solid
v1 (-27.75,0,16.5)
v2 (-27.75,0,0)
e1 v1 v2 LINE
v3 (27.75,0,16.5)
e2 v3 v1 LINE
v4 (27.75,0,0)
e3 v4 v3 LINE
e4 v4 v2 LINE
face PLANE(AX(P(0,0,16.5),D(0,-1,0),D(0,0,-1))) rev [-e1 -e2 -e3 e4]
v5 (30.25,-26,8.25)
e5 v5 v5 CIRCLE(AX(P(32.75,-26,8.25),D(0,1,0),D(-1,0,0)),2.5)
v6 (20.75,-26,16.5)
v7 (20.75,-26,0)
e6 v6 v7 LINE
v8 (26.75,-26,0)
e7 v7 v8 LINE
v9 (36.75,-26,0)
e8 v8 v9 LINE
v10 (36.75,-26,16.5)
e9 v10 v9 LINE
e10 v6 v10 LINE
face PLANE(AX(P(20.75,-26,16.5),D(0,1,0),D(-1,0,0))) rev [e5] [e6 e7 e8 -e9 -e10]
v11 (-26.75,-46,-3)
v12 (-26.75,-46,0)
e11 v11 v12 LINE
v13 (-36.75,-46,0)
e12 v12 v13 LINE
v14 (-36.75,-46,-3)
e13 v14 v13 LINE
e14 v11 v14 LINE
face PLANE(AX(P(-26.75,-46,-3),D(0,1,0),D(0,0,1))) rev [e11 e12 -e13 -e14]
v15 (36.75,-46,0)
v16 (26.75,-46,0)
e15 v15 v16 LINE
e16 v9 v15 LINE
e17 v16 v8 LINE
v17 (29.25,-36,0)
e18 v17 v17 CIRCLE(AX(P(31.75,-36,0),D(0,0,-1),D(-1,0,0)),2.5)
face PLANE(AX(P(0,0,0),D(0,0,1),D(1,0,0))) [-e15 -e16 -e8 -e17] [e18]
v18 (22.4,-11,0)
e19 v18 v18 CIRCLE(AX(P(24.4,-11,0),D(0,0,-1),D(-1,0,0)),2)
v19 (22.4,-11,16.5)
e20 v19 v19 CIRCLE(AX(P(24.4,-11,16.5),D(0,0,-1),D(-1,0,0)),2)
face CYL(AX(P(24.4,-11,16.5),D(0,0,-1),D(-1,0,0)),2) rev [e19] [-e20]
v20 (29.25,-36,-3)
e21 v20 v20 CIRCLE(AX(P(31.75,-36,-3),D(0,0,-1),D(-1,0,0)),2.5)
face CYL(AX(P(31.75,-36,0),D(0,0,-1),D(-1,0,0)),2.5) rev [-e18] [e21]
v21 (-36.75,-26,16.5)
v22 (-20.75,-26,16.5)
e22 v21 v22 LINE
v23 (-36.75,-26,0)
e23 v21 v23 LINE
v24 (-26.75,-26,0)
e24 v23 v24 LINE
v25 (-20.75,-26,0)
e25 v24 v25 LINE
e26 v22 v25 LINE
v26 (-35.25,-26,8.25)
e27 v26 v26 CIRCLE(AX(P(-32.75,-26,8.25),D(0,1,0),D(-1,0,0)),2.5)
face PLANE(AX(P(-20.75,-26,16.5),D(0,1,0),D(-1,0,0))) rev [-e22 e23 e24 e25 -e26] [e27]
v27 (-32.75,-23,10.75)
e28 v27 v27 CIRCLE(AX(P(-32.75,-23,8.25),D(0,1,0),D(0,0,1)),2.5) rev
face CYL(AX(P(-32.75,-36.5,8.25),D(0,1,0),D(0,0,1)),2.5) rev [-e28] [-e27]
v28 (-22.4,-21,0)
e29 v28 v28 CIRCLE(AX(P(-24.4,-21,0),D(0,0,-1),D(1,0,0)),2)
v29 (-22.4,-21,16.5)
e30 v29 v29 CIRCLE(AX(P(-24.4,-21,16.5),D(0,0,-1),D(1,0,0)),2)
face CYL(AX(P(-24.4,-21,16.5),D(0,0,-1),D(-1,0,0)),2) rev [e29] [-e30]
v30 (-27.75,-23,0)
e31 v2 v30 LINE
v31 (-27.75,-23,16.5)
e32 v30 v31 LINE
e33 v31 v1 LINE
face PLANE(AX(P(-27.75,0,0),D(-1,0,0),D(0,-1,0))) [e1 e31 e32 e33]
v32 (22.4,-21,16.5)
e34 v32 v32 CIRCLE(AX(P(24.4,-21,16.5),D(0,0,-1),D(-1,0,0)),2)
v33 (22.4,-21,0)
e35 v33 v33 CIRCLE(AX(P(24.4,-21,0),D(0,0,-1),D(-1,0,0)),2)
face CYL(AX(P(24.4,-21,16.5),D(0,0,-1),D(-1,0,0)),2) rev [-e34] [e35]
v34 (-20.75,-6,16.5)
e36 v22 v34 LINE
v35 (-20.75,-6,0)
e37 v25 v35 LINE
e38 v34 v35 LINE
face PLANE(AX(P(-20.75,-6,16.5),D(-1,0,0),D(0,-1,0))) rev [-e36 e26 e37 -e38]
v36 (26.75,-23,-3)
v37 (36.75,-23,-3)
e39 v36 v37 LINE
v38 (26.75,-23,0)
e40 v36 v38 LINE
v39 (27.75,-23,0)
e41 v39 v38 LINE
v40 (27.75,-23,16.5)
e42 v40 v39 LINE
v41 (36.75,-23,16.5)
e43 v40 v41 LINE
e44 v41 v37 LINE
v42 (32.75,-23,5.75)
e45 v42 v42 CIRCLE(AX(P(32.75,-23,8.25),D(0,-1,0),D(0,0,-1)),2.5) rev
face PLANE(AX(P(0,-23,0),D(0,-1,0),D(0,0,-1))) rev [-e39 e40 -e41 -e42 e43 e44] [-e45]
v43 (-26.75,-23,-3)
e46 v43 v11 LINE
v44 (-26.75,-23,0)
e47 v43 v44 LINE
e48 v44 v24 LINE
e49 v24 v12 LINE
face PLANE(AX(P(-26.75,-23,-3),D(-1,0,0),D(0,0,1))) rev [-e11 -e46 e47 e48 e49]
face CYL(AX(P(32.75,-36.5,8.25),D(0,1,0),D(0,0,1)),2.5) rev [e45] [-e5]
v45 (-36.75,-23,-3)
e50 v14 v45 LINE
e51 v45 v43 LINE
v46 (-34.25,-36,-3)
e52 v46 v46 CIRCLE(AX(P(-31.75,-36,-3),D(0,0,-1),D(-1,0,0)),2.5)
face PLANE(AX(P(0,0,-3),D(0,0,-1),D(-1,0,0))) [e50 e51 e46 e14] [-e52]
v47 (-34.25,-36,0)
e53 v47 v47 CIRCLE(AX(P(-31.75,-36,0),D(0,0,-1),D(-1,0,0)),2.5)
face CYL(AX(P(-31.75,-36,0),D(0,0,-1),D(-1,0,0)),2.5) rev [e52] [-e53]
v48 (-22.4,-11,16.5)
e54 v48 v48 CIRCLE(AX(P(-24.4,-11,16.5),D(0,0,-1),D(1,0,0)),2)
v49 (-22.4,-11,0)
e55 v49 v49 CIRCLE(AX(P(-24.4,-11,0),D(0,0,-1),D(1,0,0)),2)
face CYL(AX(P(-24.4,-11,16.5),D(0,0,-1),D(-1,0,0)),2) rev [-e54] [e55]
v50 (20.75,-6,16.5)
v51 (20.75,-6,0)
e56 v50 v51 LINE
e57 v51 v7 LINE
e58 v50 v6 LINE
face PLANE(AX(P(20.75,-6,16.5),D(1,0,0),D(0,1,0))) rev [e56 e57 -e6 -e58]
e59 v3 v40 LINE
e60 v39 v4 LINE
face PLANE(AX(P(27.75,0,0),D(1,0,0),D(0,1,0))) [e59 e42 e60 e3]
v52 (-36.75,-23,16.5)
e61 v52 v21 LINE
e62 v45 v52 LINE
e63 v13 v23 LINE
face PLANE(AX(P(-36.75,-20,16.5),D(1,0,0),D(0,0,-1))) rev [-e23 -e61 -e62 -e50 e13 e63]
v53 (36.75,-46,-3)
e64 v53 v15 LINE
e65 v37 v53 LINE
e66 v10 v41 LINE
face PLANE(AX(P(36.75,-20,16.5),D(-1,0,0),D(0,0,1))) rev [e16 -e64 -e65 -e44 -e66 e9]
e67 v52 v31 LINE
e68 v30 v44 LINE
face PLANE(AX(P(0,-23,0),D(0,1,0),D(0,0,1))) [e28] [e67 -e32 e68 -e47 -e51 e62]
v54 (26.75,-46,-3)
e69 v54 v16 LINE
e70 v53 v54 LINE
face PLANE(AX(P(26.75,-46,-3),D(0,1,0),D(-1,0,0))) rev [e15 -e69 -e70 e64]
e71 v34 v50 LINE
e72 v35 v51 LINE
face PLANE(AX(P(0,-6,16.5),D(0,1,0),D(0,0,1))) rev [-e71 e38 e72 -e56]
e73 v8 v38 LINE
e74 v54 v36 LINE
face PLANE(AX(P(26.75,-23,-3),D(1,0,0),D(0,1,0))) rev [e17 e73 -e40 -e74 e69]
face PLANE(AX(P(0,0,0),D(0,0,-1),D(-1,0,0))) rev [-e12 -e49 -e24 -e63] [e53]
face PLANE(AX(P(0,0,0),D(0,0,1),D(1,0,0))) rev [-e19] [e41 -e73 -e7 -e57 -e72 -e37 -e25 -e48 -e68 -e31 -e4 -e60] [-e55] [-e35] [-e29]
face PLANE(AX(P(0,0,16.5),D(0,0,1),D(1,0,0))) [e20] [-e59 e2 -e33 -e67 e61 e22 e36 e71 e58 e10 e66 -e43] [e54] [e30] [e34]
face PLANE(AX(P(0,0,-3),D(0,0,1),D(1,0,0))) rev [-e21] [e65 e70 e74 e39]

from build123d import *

# Parameters (mm, degrees)
EXTRUDE_1_DEPTH     = 16.5
SKETCH_2_R          = 2.5
CUT_EXTRUDE_1_DEPTH = 16.5
SKETCH_3_W          = 10
SKETCH_3_H          = 16.5
CUT_EXTRUDE_2_DEPTH = 3
SKETCH_5_R          = 2
CUT_EXTRUDE_4_DEPTH = 48.945933091
SKETCH_6_W          = 10
SKETCH_6_H          = 23
EXTRUDE_2_DEPTH     = 3
SKETCH_7_R          = 2.5
CUT_EXTRUDE_5_DEPTH = 3
SKETCH2_W           = 16.5
SKETCH2_H           = 23
BOSS_EXTRUDE1_DEPTH = 1
SKETCH3_W           = 16.5
SKETCH3_H           = 23
BOSS_EXTRUDE2_DEPTH = 1


with BuildPart() as part:
    # 草图1 → 凸台-拉伸1 (new body)
    with BuildSketch(Plane.XY):
        Polygon((0, 0), (26.75, 0), (26.75, -20), (36.75, -20), (36.75, -26), (20.75, -26), (20.75, -6), (0, -6), (-20.75, -6), (-20.75, -26), (-36.75, -26), (-36.75, -20), (-26.75, -20), (-26.75, 0), align=None)
    extrude(amount=EXTRUDE_1_DEPTH)

    # 草图2 → 切除-拉伸1 (cut)
    with BuildSketch(Plane(origin=(0, -20, 0), x_dir=(1, 0, 0), z_dir=(0, 1, 0))):
        with Locations(Location((32.75, -8.25, 0), (0, 0, 270))):
            Circle(SKETCH_2_R)
        with Locations(Location((-32.75, -8.25, 0), (0, 0, 270))):
            Circle(SKETCH_2_R)
    extrude(amount=-CUT_EXTRUDE_1_DEPTH, mode=Mode.SUBTRACT)

    # 草图3 → 切除-拉伸2 (cut)
    with BuildSketch(Plane(origin=(0, -20, 0), x_dir=(1, 0, 0), z_dir=(0, 1, 0))):
        with Locations((31.75, -8.25)):
            Rectangle(SKETCH_3_W, SKETCH_3_H)
        with Locations((-31.75, -8.25)):
            Rectangle(SKETCH_3_W, SKETCH_3_H)
    extrude(amount=-CUT_EXTRUDE_2_DEPTH, mode=Mode.SUBTRACT)

    # 草图5 → 切除-拉伸4 (cut, through all)
    with BuildSketch(Plane(origin=(0, 0, 0), x_dir=(-1, 0, 0), z_dir=(0, 0, -1))):
        with Locations((-24.4, -11)):
            Circle(SKETCH_5_R)
        with Locations((-24.4, -21)):
            Circle(SKETCH_5_R)
        with Locations(Location((24.4, -21, 0), (0, 0, 180))):
            Circle(SKETCH_5_R)
        with Locations(Location((24.4, -11, 0), (0, 0, 180))):
            Circle(SKETCH_5_R)
    extrude(amount=-CUT_EXTRUDE_4_DEPTH, mode=Mode.SUBTRACT)

    # 草图6 → 凸台-拉伸2 (add)
    with BuildSketch(Plane(origin=(0, 0, 0), x_dir=(-1, 0, 0), z_dir=(0, 0, -1))):
        with Locations((-31.75, -34.5)):
            Rectangle(SKETCH_6_W, SKETCH_6_H)
        with Locations((31.75, -34.5)):
            Rectangle(SKETCH_6_W, SKETCH_6_H)
    extrude(amount=EXTRUDE_2_DEPTH)

    # 草图7 → 切除-拉伸5 (cut)
    with BuildSketch(Plane(origin=(0, 0, -3), x_dir=(-1, 0, 0), z_dir=(0, 0, -1))):
        with Locations((-31.75, -36)):
            Circle(SKETCH_7_R)
        with Locations((31.75, -36)):
            Circle(SKETCH_7_R)
    extrude(amount=-CUT_EXTRUDE_5_DEPTH, mode=Mode.SUBTRACT)

    # Sketch2 → Boss-Extrude1 (add)
    with BuildSketch(Plane.ZY.offset(26.75)):
        with Locations((8.25, -11.5)):
            Rectangle(SKETCH2_W, SKETCH2_H)
    extrude(amount=BOSS_EXTRUDE1_DEPTH)

    # Sketch3 → Boss-Extrude2 (add)
    with BuildSketch(Plane(origin=(26.75, 0, 0), x_dir=(0, 0, -1), z_dir=(1, 0, 0))):
        with Locations((-8.25, -11.5)):
            Rectangle(SKETCH3_W, SKETCH3_H)
    extrude(amount=BOSS_EXTRUDE2_DEPTH)


solid = part.part
